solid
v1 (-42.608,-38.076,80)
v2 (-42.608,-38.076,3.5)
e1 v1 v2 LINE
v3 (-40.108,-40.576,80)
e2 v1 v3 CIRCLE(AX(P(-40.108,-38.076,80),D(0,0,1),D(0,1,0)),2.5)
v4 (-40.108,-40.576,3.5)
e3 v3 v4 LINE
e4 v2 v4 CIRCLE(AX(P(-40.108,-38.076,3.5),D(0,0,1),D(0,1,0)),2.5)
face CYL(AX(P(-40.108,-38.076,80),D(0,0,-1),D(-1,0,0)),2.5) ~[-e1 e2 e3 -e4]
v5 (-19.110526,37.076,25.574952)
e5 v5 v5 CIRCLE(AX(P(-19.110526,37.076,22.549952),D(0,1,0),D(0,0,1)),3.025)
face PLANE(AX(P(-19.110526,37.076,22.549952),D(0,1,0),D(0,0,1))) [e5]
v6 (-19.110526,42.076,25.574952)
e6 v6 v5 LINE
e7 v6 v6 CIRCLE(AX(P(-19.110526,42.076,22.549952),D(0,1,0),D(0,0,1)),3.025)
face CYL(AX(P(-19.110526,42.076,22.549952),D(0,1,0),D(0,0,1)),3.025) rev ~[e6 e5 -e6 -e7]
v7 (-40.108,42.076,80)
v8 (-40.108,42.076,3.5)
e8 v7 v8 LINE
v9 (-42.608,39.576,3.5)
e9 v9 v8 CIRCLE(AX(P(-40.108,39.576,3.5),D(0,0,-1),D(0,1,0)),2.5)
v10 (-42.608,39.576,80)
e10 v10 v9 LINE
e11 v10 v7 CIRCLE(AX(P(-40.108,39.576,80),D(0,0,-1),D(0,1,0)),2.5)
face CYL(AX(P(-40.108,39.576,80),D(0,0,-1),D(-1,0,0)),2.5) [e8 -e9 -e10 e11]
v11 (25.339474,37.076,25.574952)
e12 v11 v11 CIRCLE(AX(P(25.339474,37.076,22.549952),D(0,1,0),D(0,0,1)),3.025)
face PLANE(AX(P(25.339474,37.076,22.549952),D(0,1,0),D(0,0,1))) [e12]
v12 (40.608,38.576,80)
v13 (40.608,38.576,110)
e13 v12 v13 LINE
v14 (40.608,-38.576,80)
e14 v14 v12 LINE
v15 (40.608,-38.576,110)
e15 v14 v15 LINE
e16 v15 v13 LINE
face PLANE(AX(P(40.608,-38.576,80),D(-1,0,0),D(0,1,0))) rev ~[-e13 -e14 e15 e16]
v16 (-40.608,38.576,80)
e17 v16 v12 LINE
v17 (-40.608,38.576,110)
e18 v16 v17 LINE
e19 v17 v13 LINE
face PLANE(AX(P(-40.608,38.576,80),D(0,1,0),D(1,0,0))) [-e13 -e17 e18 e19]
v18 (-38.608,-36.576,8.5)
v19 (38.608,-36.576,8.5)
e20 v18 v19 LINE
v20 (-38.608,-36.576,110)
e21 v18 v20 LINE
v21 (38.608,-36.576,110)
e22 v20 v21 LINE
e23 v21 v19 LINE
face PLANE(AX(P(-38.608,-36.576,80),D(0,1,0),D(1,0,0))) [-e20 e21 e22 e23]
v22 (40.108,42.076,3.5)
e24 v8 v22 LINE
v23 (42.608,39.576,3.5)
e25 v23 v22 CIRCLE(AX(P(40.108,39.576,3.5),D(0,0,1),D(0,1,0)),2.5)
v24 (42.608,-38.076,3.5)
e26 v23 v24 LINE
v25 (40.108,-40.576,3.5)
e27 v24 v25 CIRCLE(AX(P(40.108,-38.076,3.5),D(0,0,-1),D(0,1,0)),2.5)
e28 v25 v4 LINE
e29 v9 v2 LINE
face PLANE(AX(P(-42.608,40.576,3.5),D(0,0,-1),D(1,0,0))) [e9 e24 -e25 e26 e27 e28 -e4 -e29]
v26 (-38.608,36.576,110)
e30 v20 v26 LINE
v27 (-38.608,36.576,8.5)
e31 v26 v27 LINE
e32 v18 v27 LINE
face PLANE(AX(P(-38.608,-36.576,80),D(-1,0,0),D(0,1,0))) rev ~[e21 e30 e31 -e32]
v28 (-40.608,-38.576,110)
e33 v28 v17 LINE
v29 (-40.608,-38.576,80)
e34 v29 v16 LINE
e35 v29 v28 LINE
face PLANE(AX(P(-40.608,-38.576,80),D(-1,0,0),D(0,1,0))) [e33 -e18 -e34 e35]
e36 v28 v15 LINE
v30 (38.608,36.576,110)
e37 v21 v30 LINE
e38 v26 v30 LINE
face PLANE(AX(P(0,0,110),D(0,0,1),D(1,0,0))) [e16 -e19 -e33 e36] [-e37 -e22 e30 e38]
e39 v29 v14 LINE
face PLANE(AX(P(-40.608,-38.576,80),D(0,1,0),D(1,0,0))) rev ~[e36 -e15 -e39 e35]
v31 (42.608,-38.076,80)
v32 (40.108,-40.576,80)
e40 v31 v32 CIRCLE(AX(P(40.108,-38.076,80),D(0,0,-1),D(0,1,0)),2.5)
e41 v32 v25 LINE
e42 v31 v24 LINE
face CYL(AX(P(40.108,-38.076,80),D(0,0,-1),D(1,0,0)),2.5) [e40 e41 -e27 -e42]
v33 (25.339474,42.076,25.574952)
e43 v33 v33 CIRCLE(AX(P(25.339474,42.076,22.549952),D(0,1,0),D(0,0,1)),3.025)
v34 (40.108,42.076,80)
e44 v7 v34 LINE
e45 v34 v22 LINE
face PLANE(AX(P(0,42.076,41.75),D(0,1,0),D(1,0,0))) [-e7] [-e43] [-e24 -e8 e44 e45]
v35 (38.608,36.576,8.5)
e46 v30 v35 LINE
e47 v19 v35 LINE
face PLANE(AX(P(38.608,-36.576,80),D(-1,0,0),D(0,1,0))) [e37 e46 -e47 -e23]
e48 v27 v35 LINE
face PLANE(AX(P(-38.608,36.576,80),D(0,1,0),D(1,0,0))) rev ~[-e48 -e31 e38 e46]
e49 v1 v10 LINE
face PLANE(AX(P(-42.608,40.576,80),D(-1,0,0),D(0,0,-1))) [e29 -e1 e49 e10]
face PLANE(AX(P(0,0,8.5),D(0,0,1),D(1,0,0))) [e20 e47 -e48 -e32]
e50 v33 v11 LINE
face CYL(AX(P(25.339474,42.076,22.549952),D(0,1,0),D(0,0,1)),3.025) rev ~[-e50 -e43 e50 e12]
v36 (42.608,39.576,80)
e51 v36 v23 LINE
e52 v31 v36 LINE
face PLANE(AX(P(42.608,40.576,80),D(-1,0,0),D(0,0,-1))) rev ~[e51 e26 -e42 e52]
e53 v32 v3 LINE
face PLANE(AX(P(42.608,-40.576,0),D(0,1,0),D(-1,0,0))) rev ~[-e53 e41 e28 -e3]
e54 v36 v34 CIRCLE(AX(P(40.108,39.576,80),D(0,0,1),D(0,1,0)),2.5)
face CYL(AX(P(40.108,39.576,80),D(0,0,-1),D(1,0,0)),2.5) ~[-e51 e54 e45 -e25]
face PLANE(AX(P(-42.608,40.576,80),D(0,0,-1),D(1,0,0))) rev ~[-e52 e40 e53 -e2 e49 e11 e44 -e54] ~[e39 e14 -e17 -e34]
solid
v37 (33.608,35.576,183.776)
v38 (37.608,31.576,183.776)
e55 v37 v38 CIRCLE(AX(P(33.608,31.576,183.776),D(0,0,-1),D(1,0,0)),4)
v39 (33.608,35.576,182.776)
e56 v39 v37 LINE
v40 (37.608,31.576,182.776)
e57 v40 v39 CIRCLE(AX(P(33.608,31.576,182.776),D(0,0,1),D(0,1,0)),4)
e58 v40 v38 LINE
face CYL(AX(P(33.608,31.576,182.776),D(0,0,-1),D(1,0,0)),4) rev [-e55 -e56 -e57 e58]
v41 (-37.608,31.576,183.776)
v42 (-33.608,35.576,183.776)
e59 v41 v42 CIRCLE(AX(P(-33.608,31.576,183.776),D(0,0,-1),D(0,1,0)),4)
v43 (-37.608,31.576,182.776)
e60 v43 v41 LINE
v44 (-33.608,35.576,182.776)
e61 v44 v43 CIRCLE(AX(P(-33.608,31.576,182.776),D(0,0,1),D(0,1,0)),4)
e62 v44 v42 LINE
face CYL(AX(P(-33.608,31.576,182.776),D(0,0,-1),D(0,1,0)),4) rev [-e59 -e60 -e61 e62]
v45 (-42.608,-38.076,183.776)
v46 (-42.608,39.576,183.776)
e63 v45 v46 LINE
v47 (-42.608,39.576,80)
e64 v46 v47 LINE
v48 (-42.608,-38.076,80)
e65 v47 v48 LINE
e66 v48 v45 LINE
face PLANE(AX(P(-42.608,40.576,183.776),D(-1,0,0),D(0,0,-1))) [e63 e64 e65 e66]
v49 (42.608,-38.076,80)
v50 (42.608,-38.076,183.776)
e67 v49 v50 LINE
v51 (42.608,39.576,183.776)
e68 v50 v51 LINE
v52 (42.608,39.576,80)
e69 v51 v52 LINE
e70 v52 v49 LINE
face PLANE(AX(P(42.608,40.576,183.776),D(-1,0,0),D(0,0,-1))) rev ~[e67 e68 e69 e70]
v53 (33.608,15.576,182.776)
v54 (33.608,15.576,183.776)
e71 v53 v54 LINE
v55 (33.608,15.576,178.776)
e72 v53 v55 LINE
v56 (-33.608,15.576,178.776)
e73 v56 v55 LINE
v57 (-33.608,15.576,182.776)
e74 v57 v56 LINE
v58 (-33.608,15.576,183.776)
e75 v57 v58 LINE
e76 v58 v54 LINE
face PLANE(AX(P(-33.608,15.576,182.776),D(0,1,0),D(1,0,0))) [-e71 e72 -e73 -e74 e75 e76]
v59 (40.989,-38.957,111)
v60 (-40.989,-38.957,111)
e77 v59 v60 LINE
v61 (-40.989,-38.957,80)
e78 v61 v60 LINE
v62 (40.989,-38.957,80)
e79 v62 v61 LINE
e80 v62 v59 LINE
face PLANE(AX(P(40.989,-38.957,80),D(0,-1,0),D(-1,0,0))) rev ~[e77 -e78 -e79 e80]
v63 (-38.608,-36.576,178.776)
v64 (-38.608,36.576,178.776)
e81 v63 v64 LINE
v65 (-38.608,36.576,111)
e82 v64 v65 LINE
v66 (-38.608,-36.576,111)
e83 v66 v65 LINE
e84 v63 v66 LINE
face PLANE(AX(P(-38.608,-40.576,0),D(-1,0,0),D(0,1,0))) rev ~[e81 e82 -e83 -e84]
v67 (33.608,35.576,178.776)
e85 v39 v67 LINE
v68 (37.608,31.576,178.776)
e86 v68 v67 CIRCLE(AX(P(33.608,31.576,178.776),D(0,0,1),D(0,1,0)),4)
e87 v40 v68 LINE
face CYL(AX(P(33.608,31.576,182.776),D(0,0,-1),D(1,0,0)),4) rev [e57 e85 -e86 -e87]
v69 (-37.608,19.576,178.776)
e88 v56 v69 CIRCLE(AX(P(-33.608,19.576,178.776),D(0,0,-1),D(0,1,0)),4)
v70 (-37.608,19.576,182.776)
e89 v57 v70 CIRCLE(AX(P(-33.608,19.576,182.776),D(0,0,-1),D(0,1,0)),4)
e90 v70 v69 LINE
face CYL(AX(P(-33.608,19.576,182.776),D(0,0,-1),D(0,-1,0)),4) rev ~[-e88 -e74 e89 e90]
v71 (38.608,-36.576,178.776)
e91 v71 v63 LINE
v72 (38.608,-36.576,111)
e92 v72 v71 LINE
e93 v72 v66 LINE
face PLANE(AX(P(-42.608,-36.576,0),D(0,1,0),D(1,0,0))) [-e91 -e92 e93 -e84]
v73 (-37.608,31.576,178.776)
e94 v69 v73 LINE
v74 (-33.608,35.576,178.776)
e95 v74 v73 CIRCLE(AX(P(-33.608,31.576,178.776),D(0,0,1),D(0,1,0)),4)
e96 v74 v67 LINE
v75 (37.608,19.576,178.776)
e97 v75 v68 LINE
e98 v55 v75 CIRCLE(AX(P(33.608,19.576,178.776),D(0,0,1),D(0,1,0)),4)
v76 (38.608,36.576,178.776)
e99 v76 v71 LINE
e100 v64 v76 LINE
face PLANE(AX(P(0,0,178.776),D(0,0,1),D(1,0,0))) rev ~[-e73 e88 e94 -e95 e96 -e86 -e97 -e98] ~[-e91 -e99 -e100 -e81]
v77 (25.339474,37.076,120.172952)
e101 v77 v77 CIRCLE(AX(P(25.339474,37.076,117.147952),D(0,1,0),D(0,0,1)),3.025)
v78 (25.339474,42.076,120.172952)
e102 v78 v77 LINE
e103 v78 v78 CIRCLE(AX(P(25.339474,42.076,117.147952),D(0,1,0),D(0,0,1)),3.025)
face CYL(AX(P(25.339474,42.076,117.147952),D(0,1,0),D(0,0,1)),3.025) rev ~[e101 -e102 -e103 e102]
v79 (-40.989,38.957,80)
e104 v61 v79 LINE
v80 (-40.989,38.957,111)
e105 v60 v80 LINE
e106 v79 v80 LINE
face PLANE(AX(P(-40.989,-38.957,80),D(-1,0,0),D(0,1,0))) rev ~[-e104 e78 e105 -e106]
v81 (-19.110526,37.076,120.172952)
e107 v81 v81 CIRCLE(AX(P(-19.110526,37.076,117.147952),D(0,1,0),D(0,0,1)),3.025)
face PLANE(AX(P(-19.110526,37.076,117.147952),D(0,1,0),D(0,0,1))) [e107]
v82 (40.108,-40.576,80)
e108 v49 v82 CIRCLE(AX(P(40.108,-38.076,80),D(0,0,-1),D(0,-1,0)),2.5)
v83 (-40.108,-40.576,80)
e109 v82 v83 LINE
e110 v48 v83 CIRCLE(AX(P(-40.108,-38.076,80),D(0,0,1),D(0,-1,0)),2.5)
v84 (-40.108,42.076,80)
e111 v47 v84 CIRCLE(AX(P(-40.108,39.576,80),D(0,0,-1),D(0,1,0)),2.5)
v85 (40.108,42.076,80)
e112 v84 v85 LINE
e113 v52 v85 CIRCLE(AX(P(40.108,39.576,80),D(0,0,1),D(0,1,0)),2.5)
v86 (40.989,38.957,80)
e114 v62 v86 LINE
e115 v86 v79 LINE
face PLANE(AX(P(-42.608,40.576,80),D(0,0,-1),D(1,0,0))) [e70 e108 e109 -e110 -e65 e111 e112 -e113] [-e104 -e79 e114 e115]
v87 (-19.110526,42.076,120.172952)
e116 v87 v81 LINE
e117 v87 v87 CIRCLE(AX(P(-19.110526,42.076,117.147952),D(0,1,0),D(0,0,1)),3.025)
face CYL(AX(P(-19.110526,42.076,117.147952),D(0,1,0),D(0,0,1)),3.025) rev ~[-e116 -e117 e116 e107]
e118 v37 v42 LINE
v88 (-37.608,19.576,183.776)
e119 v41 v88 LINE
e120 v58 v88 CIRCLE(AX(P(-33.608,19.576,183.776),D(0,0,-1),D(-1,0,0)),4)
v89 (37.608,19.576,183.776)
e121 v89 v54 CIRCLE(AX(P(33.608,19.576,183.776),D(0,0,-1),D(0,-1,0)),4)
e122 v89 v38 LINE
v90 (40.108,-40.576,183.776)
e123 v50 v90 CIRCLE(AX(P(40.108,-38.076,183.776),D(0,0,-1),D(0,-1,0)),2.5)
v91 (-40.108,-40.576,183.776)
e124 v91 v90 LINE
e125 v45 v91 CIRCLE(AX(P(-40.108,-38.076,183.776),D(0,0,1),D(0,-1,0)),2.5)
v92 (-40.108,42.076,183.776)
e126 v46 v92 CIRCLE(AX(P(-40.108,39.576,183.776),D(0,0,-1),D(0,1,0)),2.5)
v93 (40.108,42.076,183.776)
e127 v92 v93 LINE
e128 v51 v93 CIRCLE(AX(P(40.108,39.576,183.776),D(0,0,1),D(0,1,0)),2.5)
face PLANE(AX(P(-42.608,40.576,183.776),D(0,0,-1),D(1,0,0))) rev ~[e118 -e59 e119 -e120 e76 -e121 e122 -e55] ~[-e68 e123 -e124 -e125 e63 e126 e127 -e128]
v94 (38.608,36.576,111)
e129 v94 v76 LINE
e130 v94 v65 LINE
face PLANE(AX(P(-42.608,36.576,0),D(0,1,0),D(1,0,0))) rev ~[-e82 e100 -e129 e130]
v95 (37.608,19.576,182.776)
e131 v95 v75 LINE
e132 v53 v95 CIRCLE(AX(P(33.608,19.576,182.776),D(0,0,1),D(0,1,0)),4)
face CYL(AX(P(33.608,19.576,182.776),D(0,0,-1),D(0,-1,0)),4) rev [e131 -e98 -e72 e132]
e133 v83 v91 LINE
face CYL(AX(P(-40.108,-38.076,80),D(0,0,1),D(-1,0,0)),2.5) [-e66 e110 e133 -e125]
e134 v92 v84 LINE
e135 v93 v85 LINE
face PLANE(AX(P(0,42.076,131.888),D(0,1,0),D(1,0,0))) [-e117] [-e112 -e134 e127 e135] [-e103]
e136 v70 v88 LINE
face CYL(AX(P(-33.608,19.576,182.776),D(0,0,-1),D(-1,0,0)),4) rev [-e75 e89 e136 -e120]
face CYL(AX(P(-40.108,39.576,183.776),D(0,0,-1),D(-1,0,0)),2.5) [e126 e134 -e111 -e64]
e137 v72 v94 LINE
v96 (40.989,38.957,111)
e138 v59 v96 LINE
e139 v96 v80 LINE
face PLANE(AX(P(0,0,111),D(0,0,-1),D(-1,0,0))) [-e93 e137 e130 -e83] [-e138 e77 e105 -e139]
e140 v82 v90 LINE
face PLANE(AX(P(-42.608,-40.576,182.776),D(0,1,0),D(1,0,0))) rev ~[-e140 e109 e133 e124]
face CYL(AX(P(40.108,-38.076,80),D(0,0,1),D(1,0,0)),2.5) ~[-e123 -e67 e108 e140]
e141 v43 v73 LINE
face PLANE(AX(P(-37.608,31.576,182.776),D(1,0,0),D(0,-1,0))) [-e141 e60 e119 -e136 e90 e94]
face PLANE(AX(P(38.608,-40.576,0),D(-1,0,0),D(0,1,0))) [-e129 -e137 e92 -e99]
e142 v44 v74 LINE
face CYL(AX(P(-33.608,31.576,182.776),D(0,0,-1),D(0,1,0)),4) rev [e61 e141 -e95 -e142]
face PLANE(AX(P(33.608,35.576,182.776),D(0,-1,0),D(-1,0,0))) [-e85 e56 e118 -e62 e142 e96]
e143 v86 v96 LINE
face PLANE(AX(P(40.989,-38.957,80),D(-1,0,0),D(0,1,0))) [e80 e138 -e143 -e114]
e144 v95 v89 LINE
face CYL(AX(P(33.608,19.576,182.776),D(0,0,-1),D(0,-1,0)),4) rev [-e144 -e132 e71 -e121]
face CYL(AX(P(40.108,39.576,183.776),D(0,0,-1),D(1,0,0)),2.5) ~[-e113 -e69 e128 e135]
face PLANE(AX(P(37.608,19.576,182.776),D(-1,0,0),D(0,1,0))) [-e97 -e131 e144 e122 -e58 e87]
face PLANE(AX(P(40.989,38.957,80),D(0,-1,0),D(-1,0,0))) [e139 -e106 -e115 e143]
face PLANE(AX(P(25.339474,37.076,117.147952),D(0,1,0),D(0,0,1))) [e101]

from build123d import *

# Parameters (mm, degrees)
SKETCH1_W            = 85.216
SKETCH1_H            = 81.152
BOSS_EXTRUDE1_DEPTH  = 182.776
SHELL2_T             = -4
SHELL3_T             = -4
SKETCH4_W            = 81.216
SKETCH4_H            = 77.152
SKETCH4_W_2          = 77.216
SKETCH4_H_2          = 73.152
BOSS_EXTRUDE2_DEPTH  = 30
SKETCH5_W            = 81.978
SKETCH5_H            = 77.914
SKETCH5_W_2          = 77.216
SKETCH5_H_2          = 73.152
CUT_EXTRUDE2_DEPTH   = 31
SKETCH6_W            = 75.216
SKETCH6_H            = 20
CUT_EXTRUDE3_DEPTH   = 4
FILLET3_R            = 4
SKETCH7_W            = 85.216
SKETCH7_H            = 81.152
BOSS_EXTRUDE3_DEPTH  = 4
SKETCH8_W            = 85.216
SKETCH8_H            = 81.152
BOSS_EXTRUDE4_DEPTH  = 4
SKETCH10_W           = 77.216
SKETCH10_H           = 73.152
BOSS_EXTRUDE5_DEPTH  = 4.500000096
SKETCH24_W           = 85.216
SKETCH24_H           = 81.152
CUT_EXTRUDE7_DEPTH   = 7.5
SKETCH25_W           = 85.216
SKETCH25_H           = 81.152
CUT_EXTRUDE8_DEPTH   = 3
SKETCH27_W           = 85.216
SKETCH27_H           = 103.776
BOSS_EXTRUDE15_DEPTH = 1.5
SKETCH28_W           = 85.216
SKETCH28_H           = 76.5
BOSS_EXTRUDE16_DEPTH = 1.5
FILLET4_R            = 2.5
FILLET5_R            = 2.5
SKETCH29_R           = 3.025
CUT_EXTRUDE9_DEPTH   = 5


with BuildPart() as part:
    # Sketch1 → Boss-Extrude1 (new body)
    with BuildSketch(Plane.XY):
        Rectangle(SKETCH1_W, SKETCH1_H)
    extrude(amount=BOSS_EXTRUDE1_DEPTH)


with BuildPart() as body_2:
    # Split1: the piece on the far side of the plane
    add(part.part)
    split(bisect_by=Plane(origin=(0, 0, 80), x_dir=(-1, 0, 0), z_dir=(0, 0, -1)), keep=Keep.BOTTOM)

    # Shell3
    shell3_openings = [body_2.faces().sort_by_distance(p)[0] for p in [
        (0, 0, 80),
    ]]
    offset(amount=SHELL3_T, openings=shell3_openings, kind=Kind.INTERSECTION)

    # Sketch5 → Cut-Extrude2 (cut)
    with BuildSketch(Plane(origin=(0, 0, 80), x_dir=(-1, 0, 0), z_dir=(0, 0, -1))):
        Rectangle(SKETCH5_W, SKETCH5_H)
        Rectangle(SKETCH5_W_2, SKETCH5_H_2, mode=Mode.SUBTRACT)
    extrude(amount=-CUT_EXTRUDE2_DEPTH, mode=Mode.SUBTRACT)

    # Sketch6 → Cut-Extrude3 (cut)
    with BuildSketch(Plane.XY.offset(182.776)):
        with Locations((0, 25.576)):
            Rectangle(SKETCH6_W, SKETCH6_H)
    extrude(amount=-CUT_EXTRUDE3_DEPTH, mode=Mode.SUBTRACT)

    # Fillet3
    fillet3_edges = [body_2.edges().sort_by_distance(p)[0] for p in [
        (37.608, 35.576, 180.776),
        (37.608, 15.576, 180.776),
        (-37.608, 15.576, 180.776),
        (-37.608, 35.576, 180.776),
    ]]
    fillet(fillet3_edges, radius=FILLET3_R)

    # Sketch7 → Boss-Extrude3 (add)
    with BuildSketch(Plane.XY.offset(182.776)):
        Rectangle(SKETCH7_W, SKETCH7_H)
        with BuildLine():
            Line((-33.608, 15.576), (33.608, 15.576))
            ThreePointArc((33.608, 15.576), (36.436427125, 16.747572875), (37.608, 19.576))
            Line((37.608, 19.576), (37.608, 31.576))
            ThreePointArc((37.608, 31.576), (36.436427125, 34.404427125), (33.608, 35.576))
            Line((33.608, 35.576), (-33.608, 35.576))
            ThreePointArc((-33.608, 35.576), (-36.436427125, 34.404427125), (-37.608, 31.576))
            Line((-37.608, 31.576), (-37.608, 19.576))
            ThreePointArc((-37.608, 19.576), (-36.436427125, 16.747572875), (-33.608, 15.576))
        make_face(mode=Mode.SUBTRACT)
    extrude(amount=BOSS_EXTRUDE3_DEPTH)

    # Sketch25 → Cut-Extrude8 (cut)
    with BuildSketch(Plane.XY.offset(186.776)):
        Rectangle(SKETCH25_W, SKETCH25_H)
    extrude(amount=-CUT_EXTRUDE8_DEPTH, mode=Mode.SUBTRACT)

    # Sketch27 → Boss-Extrude15 (add)
    with BuildSketch(Plane(origin=(0, 40.576, 0), x_dir=(1, 0, 0), z_dir=(0, 1, 0))):
        with Locations((0, -131.888)):
            Rectangle(SKETCH27_W, SKETCH27_H)
    extrude(amount=BOSS_EXTRUDE15_DEPTH)

    # Fillet4
    fillet4_edges = [body_2.edges().sort_by_distance(p)[0] for p in [
        (42.608, -40.576, 131.888),
        (-42.608, -40.576, 131.888),
        (-42.608, 42.076, 131.888),
        (42.608, 42.076, 131.888),
    ]]
    fillet(fillet4_edges, radius=FILLET4_R)


with BuildPart() as part_1:
    add(part.part)

    # Split1
    split(bisect_by=Plane(origin=(0, 0, 80), x_dir=(-1, 0, 0), z_dir=(0, 0, -1)), keep=Keep.TOP)

    # Shell2
    shell2_openings = [part_1.faces().sort_by_distance(p)[0] for p in [
        (0, 0, 80),
    ]]
    offset(amount=SHELL2_T, openings=shell2_openings, kind=Kind.INTERSECTION)

    # Sketch4 → Boss-Extrude2 (add)
    with BuildSketch(Plane.XY.offset(80)):
        Rectangle(SKETCH4_W, SKETCH4_H)
        Rectangle(SKETCH4_W_2, SKETCH4_H_2, mode=Mode.SUBTRACT)
    extrude(amount=BOSS_EXTRUDE2_DEPTH)

    # Sketch8 → Boss-Extrude4 (add)
    with BuildSketch(Plane(origin=(0, 0, 0), x_dir=(-1, 0, 0), z_dir=(0, 0, -1))):
        Rectangle(SKETCH8_W, SKETCH8_H)
    extrude(amount=BOSS_EXTRUDE4_DEPTH)

    # Sketch10 → Boss-Extrude5 (add)
    with BuildSketch(Plane.XY.offset(4)):
        Rectangle(SKETCH10_W, SKETCH10_H)
    extrude(amount=BOSS_EXTRUDE5_DEPTH)

    # Sketch24 → Cut-Extrude7 (cut)
    with BuildSketch(Plane(origin=(0, 0, -4), x_dir=(-1, 0, 0), z_dir=(0, 0, -1))):
        Rectangle(SKETCH24_W, SKETCH24_H)
    extrude(amount=-CUT_EXTRUDE7_DEPTH, mode=Mode.SUBTRACT)

    # Sketch28 → Boss-Extrude16 (add)
    with BuildSketch(Plane(origin=(0, 40.576, 0), x_dir=(1, 0, 0), z_dir=(0, 1, 0))):
        with Locations((0, -41.75)):
            Rectangle(SKETCH28_W, SKETCH28_H)
    extrude(amount=BOSS_EXTRUDE16_DEPTH)

    # Fillet5
    fillet5_edges = [part_1.edges().sort_by_distance(p)[0] for p in [
        (42.608, 42.076, 41.75),
        (-42.608, 42.076, 41.75),
        (42.608, -40.576, 41.75),
        (-42.608, -40.576, 41.75),
    ]]
    fillet(fillet5_edges, radius=FILLET5_R)


with BuildPart() as cut_extrude9_tool:
    # Sketch29 → Cut-Extrude9 (new body)
    with BuildSketch(Plane(origin=(0, 42.076, 0), x_dir=(1, 0, 0), z_dir=(0, 1, 0))):
        with Locations(Location((25.339474403, -117.147952381, 0), (0, 0, 270))):
            Circle(SKETCH29_R)
        with Locations(Location((-19.110525597, -117.147952381, 0), (0, 0, 270))):
            Circle(SKETCH29_R)
        with Locations(Location((-19.110525597, -22.549952381, 0), (0, 0, 270))):
            Circle(SKETCH29_R)
        with Locations(Location((25.339474403, -22.549952381, 0), (0, 0, 270))):
            Circle(SKETCH29_R)
    extrude(amount=-CUT_EXTRUDE9_DEPTH)


with BuildPart() as part_2:
    add(part_1.part)

    # Cut-Extrude9: cut by cut_extrude9_tool
    add(cut_extrude9_tool.part, mode=Mode.SUBTRACT)


with BuildPart() as body_2_1:
    add(body_2.part)

    # Cut-Extrude9: cut by cut_extrude9_tool
    add(cut_extrude9_tool.part, mode=Mode.SUBTRACT)


solid = Compound([part_2.part, body_2_1.part])
